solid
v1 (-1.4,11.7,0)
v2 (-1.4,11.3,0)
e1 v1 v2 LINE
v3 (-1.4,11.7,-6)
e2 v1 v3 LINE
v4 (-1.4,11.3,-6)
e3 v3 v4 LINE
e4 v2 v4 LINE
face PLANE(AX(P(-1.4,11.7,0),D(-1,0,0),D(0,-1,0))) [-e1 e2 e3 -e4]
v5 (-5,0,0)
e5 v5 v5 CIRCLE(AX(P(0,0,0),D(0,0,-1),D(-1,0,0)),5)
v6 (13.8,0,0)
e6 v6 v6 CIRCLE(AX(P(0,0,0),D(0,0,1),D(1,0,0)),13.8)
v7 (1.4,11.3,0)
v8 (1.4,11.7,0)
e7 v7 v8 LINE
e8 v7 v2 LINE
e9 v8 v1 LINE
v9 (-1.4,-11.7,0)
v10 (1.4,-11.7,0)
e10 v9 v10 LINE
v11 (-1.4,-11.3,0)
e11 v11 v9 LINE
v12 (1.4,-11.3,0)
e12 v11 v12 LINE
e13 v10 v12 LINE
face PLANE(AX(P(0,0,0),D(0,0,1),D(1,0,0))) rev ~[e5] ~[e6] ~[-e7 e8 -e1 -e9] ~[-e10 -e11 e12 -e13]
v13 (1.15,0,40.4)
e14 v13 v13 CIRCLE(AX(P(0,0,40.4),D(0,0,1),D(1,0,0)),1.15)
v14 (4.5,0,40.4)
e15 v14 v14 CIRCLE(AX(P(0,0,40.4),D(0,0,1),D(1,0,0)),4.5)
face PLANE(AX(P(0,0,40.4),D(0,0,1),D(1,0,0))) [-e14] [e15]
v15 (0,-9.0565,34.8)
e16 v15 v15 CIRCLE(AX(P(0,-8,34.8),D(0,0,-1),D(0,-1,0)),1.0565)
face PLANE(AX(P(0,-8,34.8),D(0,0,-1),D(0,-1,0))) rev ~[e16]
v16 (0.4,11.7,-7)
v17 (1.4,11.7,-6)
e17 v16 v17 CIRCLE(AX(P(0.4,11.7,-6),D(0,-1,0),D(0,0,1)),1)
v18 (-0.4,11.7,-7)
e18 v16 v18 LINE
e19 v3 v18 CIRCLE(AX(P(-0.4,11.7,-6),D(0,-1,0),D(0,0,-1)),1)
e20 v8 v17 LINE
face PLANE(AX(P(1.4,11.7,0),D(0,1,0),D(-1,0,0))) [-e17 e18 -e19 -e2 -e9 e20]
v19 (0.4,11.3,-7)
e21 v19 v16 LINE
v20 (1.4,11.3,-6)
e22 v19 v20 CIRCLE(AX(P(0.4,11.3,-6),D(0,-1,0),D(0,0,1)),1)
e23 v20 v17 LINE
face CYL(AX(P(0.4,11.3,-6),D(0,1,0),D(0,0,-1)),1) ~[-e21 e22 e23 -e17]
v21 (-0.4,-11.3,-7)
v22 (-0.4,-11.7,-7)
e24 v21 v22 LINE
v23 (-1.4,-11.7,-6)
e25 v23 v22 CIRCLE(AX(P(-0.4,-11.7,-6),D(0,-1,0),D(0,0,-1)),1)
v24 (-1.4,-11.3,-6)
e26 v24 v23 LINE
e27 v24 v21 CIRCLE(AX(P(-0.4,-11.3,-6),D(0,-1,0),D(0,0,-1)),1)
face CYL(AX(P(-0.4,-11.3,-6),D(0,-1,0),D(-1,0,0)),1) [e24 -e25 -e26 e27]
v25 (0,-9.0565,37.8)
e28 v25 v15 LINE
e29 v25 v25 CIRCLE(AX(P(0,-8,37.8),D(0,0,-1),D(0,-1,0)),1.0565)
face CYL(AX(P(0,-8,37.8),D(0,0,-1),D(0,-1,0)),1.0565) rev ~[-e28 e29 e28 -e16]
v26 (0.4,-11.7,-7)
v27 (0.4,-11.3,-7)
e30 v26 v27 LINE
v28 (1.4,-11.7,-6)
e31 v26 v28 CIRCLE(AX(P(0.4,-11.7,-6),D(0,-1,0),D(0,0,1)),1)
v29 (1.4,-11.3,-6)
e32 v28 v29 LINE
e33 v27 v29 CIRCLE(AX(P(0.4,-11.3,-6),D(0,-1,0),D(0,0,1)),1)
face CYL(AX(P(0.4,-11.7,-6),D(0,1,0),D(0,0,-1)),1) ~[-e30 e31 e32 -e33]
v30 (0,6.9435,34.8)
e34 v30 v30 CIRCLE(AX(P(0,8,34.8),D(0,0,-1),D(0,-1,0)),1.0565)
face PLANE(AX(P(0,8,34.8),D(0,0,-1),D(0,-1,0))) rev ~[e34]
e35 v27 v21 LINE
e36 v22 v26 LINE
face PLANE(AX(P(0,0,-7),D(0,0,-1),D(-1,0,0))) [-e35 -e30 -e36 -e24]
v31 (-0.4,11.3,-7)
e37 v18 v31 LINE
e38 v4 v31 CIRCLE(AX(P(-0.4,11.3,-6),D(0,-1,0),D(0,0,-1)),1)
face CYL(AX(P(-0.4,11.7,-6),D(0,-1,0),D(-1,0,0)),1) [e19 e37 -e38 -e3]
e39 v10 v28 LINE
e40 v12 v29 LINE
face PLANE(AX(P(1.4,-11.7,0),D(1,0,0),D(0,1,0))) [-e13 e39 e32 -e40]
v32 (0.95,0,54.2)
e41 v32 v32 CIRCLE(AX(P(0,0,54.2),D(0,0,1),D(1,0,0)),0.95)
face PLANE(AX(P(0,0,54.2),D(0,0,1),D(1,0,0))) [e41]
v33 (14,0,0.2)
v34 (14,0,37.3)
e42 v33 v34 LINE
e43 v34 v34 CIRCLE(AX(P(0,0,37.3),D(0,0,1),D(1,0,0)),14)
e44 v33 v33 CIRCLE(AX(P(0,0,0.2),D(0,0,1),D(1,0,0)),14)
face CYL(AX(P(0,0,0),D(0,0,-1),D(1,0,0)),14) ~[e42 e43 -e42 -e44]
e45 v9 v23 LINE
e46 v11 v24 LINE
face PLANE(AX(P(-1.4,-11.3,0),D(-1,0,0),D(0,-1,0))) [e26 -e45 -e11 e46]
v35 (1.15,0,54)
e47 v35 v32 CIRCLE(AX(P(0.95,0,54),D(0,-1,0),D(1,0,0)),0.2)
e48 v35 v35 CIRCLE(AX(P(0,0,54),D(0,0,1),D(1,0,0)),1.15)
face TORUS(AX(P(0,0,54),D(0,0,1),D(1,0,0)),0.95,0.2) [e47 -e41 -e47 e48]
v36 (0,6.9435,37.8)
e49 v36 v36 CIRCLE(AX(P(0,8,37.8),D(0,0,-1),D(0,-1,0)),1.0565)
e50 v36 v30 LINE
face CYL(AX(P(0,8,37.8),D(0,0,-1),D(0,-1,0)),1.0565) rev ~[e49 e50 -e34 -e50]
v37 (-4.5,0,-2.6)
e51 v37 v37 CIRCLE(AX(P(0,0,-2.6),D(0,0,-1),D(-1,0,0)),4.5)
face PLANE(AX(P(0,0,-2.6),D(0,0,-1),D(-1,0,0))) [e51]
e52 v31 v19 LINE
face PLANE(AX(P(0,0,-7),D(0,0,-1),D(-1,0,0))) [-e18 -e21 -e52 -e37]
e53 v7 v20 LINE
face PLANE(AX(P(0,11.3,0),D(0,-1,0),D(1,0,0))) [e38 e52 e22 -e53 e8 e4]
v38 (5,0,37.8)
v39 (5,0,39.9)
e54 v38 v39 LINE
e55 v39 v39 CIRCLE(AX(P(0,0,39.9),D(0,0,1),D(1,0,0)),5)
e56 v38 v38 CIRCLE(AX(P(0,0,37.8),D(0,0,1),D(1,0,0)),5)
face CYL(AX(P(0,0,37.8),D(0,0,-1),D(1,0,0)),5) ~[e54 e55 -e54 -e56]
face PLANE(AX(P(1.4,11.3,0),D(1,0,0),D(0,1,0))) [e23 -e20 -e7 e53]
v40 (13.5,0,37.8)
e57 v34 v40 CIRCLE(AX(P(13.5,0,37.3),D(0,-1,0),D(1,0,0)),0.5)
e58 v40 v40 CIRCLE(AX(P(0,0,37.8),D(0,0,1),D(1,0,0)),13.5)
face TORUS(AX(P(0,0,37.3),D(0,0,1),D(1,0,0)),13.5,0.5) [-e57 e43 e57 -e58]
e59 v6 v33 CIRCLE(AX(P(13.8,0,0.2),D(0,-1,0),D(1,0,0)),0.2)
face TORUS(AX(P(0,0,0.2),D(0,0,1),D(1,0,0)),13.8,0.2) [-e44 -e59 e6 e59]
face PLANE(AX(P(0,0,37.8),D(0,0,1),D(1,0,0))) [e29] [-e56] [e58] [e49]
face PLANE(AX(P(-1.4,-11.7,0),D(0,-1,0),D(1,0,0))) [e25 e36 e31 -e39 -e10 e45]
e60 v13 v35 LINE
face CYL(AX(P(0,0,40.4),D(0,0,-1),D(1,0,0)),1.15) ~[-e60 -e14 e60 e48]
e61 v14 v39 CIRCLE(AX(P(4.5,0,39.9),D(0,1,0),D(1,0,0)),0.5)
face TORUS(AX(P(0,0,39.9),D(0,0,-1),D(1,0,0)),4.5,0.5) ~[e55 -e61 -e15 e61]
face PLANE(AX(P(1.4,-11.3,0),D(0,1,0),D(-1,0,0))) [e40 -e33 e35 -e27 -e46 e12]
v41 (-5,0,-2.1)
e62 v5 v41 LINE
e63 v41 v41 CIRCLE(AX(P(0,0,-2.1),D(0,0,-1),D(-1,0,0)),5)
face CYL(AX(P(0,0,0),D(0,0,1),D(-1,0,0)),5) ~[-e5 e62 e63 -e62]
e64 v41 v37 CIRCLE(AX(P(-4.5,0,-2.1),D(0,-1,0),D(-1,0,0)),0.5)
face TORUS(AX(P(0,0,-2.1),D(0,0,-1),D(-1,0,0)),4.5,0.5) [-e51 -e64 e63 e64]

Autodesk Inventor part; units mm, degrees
ref_plane "YZ Plane" through (0, 0, 0) normal (1, 0, 0) x (0, 1, 0)
ref_plane "XZ Plane" through (0, 0, 0) normal (0, 1, 0) x (-1, 0, 0)
ref_plane "XY Plane" through (0, 0, 0) normal (0, 0, 1) x (1, 0, 0)
sketch "スケッチ1" plane through (0, 0, 0) normal (0, 0, 1) x (1, 0, 0)
  circle A0 centre (0, 0) radius 14
  dimension "d0" = 28
extrude "押し出し1" add sketch "スケッチ1" along normal blind 37.8
sketch "スケッチ2" plane through (0, 0, 37.8) normal (0, 0, 1) x (1, 0, 0)
  circle A0 centre (0, 0) radius 5
  dimension "d3" = 10
extrude "押し出し2" add sketch "スケッチ2" along normal blind 2.6
sketch "スケッチ3" plane through (0, 0, 40.4) normal (0, 0, 1) x (1, 0, 0)
  circle A0 centre (0, 0) radius 1.15
  dimension "d6" = 2.3
extrude "押し出し3" add sketch "スケッチ3" along normal blind 13.8
sketch "スケッチ4" plane through (0, 0, 0) normal (0, 0, -1) x (-1, 0, 0)
  circle A0 centre (0, 0) radius 1.15 projected
  circle A1 centre (0, 0) radius 5
  dimension "d9" = 10
extrude "押し出し4" add sketch "スケッチ4" along normal blind 2.6 contours A0 | A1
sketch "スケッチ5" plane through (0, 0, 0) normal (0, 0, -1) x (-1, 0, 0)
  line L0 (1.4, -11.7) -> (-1.4, -11.7)
  line L1 (-1.4, -11.7) -> (-1.4, -11.3)
  line L2 (-1.4, -11.3) -> (1.4, -11.3)
  line L3 (1.4, -11.3) -> (1.4, -11.7)
  line L4 (1.4, 11.3) -> (-1.4, 11.3)
  line L5 (-1.4, 11.3) -> (-1.4, 11.7)
  line L6 (-1.4, 11.7) -> (1.4, 11.7)
  line L7 (1.4, 11.7) -> (1.4, 11.3)
  line L8 (0, 0) -> (0, -11.3)
  circle A0 centre (0, 0) radius 1.15 projected
  line L9 (0, 0) -> (0, 11.3)
  dimension "d12" = 2.8
  dimension "d13" = 0.4
  dimension "d14" = 22.6
  dimension "d15" = 1.4
extrude "押し出し5" add sketch "スケッチ5" along normal blind 7 contours L4 L5 L6 L7 | L0 L1 L2 L3
fillet "フィレット1" radius 0.5 1 edges at (-14, 0, 37.8)
fillet "フィレット2" radius 0.2 1 edges at (-1.15, 0, 54.2)
fillet "フィレット3" radius 0.5 1 edges at (-5, 0, 40.4)
fillet "フィレット4" radius 0.5 1 edges at (5, 0, -2.6)
fillet "フィレット5" radius 1 1 edges at (-1.4, -11.5, -7)
fillet "フィレット6" radius 1 1 edges at (1.4, -11.5, -7)
fillet "フィレット7" radius 1 1 edges at (-1.4, 11.5, -7)
fillet "フィレット8" radius 1 1 edges at (1.4, 11.5, -7)
fillet "フィレット9" radius 0.2 1 edges at (-14, 0, 0)
sketch "スケッチ6" plane through (0, 0, 37.8) normal (0, 0, 1) x (1, 0, 0)
  circle A0 centre (0, 0) radius 8
  point P0 (0, 8)
  point P1 (0, -8)
  dimension "d27" = 16
hole "穴1" at (0, 8, 37.8) at (0, -8, 37.8) direction (0, 0, -1) diameter 2.113 depth 3 thread size "M2.6x0.45" class "6H" standard "ISO Metric profile"
properties part number "RS-380"
